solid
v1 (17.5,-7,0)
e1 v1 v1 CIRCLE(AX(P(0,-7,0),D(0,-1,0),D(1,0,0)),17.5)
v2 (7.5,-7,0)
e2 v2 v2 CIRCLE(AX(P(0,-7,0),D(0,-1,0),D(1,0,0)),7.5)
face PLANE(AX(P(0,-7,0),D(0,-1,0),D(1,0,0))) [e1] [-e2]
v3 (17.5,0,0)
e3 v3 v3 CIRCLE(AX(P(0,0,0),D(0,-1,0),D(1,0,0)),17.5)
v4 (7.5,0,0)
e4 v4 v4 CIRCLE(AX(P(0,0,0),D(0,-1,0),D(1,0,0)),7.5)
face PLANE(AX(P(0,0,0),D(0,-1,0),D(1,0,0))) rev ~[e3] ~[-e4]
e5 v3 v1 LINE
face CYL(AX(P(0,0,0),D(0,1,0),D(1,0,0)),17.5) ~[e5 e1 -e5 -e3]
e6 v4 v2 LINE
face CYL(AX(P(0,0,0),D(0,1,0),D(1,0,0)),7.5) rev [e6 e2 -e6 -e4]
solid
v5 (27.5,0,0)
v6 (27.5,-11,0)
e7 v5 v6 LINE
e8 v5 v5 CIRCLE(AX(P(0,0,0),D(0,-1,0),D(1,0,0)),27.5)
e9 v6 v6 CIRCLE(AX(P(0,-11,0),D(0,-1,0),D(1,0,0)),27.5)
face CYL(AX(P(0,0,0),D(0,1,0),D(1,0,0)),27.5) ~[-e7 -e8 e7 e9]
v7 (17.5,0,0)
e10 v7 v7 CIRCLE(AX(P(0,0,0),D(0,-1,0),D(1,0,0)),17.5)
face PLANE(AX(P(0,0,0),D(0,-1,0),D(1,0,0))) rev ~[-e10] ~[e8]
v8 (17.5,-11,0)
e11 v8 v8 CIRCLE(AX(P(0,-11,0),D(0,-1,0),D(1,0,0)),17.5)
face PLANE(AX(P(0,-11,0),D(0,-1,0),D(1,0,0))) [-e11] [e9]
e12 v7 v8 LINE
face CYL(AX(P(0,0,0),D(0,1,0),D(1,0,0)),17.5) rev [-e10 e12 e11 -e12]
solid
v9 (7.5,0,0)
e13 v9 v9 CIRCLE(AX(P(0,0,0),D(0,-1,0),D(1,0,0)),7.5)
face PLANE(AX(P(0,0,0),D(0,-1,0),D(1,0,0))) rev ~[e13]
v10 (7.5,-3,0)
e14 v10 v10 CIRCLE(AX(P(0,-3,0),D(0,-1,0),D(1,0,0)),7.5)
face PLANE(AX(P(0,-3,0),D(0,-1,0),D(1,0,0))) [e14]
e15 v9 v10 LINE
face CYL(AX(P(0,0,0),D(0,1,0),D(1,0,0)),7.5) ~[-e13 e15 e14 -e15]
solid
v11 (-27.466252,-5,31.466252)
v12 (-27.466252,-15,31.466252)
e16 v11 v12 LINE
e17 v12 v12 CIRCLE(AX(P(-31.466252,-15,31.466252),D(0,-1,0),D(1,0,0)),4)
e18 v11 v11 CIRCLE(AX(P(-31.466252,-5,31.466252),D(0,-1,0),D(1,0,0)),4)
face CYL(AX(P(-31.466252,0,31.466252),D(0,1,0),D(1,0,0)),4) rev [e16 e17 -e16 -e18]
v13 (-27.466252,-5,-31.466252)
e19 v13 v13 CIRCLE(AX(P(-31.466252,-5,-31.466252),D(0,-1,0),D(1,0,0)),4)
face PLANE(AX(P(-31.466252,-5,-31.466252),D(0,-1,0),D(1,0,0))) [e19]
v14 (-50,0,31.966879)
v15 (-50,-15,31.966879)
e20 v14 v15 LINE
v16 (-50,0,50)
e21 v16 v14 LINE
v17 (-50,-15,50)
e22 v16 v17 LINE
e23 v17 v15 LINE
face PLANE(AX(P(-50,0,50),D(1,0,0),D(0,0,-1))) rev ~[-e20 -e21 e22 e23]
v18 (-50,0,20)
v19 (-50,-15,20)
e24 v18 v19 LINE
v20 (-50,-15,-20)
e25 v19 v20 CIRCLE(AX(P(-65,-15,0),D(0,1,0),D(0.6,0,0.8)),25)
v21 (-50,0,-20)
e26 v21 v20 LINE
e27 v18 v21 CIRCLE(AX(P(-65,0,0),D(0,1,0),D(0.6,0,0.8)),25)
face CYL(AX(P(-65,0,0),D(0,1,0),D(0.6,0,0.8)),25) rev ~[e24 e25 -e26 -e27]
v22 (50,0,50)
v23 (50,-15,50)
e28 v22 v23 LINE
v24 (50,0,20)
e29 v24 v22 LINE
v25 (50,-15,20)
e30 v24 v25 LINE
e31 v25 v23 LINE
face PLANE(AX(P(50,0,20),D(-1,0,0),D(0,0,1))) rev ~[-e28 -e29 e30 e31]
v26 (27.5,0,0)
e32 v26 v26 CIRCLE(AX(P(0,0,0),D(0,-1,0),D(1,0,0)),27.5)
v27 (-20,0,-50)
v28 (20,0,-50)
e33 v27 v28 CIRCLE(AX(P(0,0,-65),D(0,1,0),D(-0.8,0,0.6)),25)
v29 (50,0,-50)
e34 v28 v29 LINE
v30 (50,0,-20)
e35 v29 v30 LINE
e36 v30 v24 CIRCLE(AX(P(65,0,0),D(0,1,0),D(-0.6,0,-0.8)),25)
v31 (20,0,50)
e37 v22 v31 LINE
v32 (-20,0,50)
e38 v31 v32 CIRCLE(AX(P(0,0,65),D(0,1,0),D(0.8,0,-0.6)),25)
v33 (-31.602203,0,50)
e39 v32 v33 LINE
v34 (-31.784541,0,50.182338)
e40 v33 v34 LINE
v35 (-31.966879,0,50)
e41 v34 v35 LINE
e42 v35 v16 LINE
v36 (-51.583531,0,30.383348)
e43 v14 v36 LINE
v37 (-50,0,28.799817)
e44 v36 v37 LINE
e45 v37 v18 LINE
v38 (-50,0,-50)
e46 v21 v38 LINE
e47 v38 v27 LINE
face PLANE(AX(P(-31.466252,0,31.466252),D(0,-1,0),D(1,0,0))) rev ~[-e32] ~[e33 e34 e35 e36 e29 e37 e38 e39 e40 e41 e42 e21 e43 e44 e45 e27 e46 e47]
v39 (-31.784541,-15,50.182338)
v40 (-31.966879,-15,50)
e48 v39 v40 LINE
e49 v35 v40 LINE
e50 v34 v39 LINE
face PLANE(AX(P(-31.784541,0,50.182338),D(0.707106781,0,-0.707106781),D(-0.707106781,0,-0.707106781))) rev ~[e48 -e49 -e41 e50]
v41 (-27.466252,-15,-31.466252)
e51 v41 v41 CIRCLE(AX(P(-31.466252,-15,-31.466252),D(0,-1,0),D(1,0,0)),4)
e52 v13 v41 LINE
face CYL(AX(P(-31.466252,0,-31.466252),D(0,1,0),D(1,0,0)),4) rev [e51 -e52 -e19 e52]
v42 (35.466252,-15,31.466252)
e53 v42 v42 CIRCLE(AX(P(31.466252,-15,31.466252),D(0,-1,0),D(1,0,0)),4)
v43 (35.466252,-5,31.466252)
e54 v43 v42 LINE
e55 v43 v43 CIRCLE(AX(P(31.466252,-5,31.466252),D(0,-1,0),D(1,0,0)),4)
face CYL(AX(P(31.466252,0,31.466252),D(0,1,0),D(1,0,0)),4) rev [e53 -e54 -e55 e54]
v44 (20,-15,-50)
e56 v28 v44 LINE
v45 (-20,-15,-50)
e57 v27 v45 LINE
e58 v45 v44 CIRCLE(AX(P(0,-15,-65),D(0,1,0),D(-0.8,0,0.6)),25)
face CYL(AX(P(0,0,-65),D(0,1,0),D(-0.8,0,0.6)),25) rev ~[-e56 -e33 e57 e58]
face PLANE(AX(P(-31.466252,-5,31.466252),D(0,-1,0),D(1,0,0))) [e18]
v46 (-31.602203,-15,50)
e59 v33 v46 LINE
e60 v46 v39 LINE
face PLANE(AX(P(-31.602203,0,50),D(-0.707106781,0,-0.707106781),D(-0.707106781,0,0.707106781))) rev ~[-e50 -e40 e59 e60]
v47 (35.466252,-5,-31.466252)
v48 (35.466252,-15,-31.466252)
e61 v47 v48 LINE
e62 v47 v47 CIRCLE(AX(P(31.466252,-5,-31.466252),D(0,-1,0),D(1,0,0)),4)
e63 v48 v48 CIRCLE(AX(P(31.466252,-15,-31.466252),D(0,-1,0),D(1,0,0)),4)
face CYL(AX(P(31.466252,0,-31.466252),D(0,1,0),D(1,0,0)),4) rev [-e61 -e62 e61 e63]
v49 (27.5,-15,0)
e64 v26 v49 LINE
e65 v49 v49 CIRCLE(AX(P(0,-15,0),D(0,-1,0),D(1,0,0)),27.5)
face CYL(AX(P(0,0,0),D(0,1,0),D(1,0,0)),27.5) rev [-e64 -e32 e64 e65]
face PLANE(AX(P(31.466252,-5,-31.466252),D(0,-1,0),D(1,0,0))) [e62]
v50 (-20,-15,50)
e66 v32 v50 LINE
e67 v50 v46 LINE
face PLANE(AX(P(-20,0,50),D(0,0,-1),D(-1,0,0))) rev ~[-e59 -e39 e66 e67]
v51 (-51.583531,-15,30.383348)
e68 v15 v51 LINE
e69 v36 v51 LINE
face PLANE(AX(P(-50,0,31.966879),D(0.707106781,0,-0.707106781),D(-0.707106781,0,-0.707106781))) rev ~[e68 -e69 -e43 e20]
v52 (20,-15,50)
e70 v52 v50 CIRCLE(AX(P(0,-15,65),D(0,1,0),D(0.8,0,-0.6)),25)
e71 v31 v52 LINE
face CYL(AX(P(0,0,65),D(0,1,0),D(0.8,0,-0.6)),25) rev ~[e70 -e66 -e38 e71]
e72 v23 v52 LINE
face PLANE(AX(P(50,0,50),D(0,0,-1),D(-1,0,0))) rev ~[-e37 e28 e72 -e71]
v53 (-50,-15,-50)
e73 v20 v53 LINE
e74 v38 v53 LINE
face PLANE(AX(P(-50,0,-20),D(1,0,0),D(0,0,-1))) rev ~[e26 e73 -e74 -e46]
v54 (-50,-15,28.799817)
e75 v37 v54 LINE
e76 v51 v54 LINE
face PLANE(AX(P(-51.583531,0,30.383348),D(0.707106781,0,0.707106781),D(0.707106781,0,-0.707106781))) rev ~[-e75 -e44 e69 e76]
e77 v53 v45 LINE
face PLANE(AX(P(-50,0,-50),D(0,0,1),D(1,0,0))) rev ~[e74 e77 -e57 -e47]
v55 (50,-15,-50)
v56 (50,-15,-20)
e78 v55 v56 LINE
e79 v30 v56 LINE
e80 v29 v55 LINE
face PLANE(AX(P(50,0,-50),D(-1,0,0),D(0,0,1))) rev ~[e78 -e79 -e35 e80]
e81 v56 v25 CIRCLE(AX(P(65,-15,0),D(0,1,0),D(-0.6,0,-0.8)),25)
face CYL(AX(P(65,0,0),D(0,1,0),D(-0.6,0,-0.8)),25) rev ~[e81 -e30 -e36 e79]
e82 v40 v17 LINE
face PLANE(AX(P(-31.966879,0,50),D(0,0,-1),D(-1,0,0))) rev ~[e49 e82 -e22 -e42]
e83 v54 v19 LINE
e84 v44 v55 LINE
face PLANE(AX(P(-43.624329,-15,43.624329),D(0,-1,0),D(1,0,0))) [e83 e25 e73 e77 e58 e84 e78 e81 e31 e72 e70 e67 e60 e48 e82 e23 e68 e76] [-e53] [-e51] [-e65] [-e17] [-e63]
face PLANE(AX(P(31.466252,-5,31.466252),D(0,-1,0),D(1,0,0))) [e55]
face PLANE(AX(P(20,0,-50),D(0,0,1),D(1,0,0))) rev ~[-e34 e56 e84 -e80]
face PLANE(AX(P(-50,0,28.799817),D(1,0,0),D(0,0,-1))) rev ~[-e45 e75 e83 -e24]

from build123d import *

# Parameters (mm, degrees)
F0_R     = 4
F0_R_2   = 27.5
F1_DEPTH = 15
F0_R_3   = 17.5
F2_DEPTH = 11
F0_R_4   = 7.5
F3_DEPTH = 7
F4_DEPTH = 3
F5_DEPTH = 5


with BuildPart() as f1:
    # F0 (on Front) → F1 (new body)
    with BuildSketch(Plane.XZ):
        Polygon((-31.9668788359, 50), (-50, 50), (-50, 31.9668788358), align=None)
        Polygon((-31.9668788359, 50), (-50, 31.9668788358), (-50, 28.79981719), (-35.7023821371, 14.5021993271), (-15.9033922639, 34.3011892003), (-31.6022030636, 50), align=None)
        with Locations((-31.4662517628, 31.4662517628)):
            Circle(F0_R, mode=Mode.SUBTRACT)
        Polygon((-50, 28.79981719), (-50, 31.9668788358), (-51.5835308229, 30.3833480129), align=None)
        Polygon((-31.7845409497, 50.1823378861), (-31.9668788359, 50), (-31.6022030636, 50), align=None)
        with BuildLine():
            Line((-35.7023821371, 14.5021993271), (-50, 28.79981719))
            Line((-50, 28.79981719), (-50, 20))
            ThreePointArc((-50, 20), (-40, 0), (-50, -20))
            Line((-50, -20), (-50, -50))
            Line((-50, -50), (-20, -50))
            ThreePointArc((-20, -50), (0, -40), (20, -50))
            Line((20, -50), (50, -50))
            Line((50, -50), (50, -20))
            ThreePointArc((50, -20), (40, 0), (50, 20))
            Line((50, 20), (50, 50))
            Line((50, 50), (20, 50))
            ThreePointArc((20, 50), (0, 40), (-20, 50))
            Line((-20, 50), (-31.6022030636, 50))
            Line((-31.6022030636, 50), (-15.9033922639, 34.3011892003))
            Line((-15.9033922639, 34.3011892003), (-35.7023821371, 14.5021993271))
        make_face()
        with Locations((-31.4662517628, -31.4662517628)):
            Circle(F0_R, mode=Mode.SUBTRACT)
        with Locations((31.4662517628, -31.4662517628)):
            Circle(F0_R, mode=Mode.SUBTRACT)
        Circle(F0_R_2, mode=Mode.SUBTRACT)
        with Locations((31.4662517628, 31.4662517628)):
            Circle(F0_R, mode=Mode.SUBTRACT)
    extrude(amount=F1_DEPTH)

    # F0 (on Front) → F5 (join)
    with BuildSketch(Plane.XZ):
        with Locations((-31.4662517628, 31.4662517628)):
            Circle(F0_R)
        with Locations((31.4662517628, 31.4662517628)):
            Circle(F0_R)
        with Locations((31.4662517628, -31.4662517628)):
            Circle(F0_R)
        with Locations((-31.4662517628, -31.4662517628)):
            Circle(F0_R)
    extrude(amount=F5_DEPTH)


with BuildPart() as f2:
    # F0 (on Front) → F2 (new body)
    with BuildSketch(Plane.XZ):
        Circle(F0_R_2)
        Circle(F0_R_3, mode=Mode.SUBTRACT)
    extrude(amount=F2_DEPTH)


with BuildPart() as f3:
    # F0 (on Front) → F3 (new body)
    with BuildSketch(Plane.XZ):
        Circle(F0_R_3)
        Circle(F0_R_4, mode=Mode.SUBTRACT)
    extrude(amount=F3_DEPTH)


with BuildPart() as f4:
    # F0 (on Front) → F4 (new body)
    with BuildSketch(Plane.XZ):
        Circle(F0_R_4)
    extrude(amount=F4_DEPTH)


solid = Compound([f1.part, f2.part, f3.part, f4.part])
